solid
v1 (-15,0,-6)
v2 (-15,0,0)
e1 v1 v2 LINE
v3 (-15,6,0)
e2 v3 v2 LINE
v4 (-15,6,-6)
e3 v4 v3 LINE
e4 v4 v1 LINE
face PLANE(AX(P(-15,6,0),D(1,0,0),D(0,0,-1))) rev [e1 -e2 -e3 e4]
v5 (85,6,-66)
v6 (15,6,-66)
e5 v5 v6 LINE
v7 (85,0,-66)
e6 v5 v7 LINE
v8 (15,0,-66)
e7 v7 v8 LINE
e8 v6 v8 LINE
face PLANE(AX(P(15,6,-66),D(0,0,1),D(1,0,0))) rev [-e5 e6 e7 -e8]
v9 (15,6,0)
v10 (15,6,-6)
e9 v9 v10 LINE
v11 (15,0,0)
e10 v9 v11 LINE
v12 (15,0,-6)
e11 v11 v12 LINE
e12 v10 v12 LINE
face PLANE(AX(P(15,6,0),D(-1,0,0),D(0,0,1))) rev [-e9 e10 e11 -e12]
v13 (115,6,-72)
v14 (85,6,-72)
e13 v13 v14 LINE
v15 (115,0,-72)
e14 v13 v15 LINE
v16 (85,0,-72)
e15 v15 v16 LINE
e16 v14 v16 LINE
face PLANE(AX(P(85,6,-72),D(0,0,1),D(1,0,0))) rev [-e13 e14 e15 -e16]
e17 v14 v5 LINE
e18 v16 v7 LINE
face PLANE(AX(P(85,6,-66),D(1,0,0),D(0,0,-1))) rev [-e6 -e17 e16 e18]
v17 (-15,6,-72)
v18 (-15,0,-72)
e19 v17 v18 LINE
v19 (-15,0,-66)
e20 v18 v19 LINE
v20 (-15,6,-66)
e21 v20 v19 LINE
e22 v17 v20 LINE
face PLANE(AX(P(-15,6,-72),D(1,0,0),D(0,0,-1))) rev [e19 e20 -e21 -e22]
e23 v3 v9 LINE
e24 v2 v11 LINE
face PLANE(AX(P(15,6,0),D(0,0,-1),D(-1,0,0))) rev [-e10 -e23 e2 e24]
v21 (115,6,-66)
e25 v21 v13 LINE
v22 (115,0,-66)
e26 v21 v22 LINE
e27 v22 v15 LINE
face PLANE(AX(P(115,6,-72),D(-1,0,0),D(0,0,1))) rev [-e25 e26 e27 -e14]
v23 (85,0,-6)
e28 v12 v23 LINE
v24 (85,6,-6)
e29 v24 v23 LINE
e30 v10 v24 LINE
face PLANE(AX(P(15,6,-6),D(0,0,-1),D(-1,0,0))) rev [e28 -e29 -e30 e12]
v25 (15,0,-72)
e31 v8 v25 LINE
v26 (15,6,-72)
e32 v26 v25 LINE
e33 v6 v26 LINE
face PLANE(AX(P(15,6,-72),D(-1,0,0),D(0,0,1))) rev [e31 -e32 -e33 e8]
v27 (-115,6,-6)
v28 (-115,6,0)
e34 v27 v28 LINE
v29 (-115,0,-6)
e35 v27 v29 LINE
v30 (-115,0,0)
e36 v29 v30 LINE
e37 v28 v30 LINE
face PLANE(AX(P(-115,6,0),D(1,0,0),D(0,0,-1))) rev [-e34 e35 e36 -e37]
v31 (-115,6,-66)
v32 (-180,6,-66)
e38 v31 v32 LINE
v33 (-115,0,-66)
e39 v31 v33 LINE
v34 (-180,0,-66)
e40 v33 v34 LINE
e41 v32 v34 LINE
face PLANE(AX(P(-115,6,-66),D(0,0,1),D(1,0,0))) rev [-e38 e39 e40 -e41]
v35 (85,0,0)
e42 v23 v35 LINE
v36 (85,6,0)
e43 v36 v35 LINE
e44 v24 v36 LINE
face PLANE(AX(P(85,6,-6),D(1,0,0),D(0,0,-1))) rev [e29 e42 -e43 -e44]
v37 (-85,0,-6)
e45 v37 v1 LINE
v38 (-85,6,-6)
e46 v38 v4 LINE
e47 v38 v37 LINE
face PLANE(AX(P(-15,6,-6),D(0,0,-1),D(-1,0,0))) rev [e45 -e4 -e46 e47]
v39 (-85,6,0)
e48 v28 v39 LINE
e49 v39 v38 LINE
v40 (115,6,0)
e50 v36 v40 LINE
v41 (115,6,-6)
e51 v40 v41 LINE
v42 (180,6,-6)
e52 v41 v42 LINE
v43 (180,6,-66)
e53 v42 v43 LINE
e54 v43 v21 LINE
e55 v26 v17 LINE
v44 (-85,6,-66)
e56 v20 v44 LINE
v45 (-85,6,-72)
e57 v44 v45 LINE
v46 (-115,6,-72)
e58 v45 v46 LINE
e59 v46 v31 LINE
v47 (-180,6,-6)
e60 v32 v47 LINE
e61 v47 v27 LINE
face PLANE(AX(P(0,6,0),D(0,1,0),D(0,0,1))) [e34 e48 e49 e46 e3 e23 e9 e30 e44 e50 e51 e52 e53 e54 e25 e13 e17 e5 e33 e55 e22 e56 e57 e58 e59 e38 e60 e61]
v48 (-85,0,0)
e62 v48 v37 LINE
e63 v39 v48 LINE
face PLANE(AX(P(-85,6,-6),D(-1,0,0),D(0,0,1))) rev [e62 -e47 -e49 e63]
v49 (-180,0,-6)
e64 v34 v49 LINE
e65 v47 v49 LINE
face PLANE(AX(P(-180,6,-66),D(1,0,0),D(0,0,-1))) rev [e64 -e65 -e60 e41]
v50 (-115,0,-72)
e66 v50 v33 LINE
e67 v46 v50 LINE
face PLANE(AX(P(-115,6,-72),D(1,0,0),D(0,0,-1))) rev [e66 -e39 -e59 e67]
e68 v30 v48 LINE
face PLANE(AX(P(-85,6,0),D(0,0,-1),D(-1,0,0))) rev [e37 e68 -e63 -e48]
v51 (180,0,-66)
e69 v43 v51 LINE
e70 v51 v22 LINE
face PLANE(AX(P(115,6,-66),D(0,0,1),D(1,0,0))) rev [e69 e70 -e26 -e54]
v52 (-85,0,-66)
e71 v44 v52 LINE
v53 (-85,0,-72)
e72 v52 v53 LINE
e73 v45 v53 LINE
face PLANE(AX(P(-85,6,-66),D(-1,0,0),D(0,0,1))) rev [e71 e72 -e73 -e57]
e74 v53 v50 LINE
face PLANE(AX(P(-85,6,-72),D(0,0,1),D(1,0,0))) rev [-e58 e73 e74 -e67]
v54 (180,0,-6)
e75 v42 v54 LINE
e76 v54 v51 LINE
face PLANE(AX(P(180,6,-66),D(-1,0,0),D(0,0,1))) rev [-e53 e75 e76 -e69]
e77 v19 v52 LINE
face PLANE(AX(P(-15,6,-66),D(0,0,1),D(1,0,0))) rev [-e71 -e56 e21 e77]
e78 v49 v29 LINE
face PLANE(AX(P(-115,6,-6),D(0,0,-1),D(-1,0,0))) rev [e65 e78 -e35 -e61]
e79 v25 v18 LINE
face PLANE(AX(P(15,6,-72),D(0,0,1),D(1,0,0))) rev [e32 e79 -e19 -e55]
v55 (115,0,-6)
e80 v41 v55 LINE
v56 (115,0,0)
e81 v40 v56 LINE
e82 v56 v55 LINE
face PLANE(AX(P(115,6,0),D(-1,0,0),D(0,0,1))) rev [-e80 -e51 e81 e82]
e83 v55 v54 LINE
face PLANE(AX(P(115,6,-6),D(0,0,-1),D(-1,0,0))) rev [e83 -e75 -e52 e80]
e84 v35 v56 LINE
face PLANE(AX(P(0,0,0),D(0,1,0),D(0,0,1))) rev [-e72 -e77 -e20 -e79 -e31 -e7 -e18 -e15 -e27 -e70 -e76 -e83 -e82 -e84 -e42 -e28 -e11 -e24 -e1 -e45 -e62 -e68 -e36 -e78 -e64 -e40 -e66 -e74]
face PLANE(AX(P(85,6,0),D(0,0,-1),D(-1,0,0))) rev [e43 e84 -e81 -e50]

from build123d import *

# Parameters (mm, degrees)
RESSALTO_EXTRUS_O1_DEPTH = 6


with BuildPart() as part:
    # Esboço1 → Ressalto-extrusão1 (new body)
    with BuildSketch(Plane(origin=(0, 0, 0), x_dir=(1, 0, 0), z_dir=(0, 1, 0))):
        Polygon((15, 0), (-15, 0), (-15, 6), (-85, 6), (-85, 0), (-115, 0), (-115, 6), (-180, 6), (-180, 66), (-115, 66), (-115, 72), (-85, 72), (-85, 66), (-15, 66), (-15, 72), (15, 72), (15, 66), (85, 66), (85, 72), (115, 72), (115, 66), (180, 66), (180, 6), (115, 6), (115, 0), (85, 0), (85, 6), (15, 6), align=None)
    extrude(amount=RESSALTO_EXTRUS_O1_DEPTH)


solid = part.part
